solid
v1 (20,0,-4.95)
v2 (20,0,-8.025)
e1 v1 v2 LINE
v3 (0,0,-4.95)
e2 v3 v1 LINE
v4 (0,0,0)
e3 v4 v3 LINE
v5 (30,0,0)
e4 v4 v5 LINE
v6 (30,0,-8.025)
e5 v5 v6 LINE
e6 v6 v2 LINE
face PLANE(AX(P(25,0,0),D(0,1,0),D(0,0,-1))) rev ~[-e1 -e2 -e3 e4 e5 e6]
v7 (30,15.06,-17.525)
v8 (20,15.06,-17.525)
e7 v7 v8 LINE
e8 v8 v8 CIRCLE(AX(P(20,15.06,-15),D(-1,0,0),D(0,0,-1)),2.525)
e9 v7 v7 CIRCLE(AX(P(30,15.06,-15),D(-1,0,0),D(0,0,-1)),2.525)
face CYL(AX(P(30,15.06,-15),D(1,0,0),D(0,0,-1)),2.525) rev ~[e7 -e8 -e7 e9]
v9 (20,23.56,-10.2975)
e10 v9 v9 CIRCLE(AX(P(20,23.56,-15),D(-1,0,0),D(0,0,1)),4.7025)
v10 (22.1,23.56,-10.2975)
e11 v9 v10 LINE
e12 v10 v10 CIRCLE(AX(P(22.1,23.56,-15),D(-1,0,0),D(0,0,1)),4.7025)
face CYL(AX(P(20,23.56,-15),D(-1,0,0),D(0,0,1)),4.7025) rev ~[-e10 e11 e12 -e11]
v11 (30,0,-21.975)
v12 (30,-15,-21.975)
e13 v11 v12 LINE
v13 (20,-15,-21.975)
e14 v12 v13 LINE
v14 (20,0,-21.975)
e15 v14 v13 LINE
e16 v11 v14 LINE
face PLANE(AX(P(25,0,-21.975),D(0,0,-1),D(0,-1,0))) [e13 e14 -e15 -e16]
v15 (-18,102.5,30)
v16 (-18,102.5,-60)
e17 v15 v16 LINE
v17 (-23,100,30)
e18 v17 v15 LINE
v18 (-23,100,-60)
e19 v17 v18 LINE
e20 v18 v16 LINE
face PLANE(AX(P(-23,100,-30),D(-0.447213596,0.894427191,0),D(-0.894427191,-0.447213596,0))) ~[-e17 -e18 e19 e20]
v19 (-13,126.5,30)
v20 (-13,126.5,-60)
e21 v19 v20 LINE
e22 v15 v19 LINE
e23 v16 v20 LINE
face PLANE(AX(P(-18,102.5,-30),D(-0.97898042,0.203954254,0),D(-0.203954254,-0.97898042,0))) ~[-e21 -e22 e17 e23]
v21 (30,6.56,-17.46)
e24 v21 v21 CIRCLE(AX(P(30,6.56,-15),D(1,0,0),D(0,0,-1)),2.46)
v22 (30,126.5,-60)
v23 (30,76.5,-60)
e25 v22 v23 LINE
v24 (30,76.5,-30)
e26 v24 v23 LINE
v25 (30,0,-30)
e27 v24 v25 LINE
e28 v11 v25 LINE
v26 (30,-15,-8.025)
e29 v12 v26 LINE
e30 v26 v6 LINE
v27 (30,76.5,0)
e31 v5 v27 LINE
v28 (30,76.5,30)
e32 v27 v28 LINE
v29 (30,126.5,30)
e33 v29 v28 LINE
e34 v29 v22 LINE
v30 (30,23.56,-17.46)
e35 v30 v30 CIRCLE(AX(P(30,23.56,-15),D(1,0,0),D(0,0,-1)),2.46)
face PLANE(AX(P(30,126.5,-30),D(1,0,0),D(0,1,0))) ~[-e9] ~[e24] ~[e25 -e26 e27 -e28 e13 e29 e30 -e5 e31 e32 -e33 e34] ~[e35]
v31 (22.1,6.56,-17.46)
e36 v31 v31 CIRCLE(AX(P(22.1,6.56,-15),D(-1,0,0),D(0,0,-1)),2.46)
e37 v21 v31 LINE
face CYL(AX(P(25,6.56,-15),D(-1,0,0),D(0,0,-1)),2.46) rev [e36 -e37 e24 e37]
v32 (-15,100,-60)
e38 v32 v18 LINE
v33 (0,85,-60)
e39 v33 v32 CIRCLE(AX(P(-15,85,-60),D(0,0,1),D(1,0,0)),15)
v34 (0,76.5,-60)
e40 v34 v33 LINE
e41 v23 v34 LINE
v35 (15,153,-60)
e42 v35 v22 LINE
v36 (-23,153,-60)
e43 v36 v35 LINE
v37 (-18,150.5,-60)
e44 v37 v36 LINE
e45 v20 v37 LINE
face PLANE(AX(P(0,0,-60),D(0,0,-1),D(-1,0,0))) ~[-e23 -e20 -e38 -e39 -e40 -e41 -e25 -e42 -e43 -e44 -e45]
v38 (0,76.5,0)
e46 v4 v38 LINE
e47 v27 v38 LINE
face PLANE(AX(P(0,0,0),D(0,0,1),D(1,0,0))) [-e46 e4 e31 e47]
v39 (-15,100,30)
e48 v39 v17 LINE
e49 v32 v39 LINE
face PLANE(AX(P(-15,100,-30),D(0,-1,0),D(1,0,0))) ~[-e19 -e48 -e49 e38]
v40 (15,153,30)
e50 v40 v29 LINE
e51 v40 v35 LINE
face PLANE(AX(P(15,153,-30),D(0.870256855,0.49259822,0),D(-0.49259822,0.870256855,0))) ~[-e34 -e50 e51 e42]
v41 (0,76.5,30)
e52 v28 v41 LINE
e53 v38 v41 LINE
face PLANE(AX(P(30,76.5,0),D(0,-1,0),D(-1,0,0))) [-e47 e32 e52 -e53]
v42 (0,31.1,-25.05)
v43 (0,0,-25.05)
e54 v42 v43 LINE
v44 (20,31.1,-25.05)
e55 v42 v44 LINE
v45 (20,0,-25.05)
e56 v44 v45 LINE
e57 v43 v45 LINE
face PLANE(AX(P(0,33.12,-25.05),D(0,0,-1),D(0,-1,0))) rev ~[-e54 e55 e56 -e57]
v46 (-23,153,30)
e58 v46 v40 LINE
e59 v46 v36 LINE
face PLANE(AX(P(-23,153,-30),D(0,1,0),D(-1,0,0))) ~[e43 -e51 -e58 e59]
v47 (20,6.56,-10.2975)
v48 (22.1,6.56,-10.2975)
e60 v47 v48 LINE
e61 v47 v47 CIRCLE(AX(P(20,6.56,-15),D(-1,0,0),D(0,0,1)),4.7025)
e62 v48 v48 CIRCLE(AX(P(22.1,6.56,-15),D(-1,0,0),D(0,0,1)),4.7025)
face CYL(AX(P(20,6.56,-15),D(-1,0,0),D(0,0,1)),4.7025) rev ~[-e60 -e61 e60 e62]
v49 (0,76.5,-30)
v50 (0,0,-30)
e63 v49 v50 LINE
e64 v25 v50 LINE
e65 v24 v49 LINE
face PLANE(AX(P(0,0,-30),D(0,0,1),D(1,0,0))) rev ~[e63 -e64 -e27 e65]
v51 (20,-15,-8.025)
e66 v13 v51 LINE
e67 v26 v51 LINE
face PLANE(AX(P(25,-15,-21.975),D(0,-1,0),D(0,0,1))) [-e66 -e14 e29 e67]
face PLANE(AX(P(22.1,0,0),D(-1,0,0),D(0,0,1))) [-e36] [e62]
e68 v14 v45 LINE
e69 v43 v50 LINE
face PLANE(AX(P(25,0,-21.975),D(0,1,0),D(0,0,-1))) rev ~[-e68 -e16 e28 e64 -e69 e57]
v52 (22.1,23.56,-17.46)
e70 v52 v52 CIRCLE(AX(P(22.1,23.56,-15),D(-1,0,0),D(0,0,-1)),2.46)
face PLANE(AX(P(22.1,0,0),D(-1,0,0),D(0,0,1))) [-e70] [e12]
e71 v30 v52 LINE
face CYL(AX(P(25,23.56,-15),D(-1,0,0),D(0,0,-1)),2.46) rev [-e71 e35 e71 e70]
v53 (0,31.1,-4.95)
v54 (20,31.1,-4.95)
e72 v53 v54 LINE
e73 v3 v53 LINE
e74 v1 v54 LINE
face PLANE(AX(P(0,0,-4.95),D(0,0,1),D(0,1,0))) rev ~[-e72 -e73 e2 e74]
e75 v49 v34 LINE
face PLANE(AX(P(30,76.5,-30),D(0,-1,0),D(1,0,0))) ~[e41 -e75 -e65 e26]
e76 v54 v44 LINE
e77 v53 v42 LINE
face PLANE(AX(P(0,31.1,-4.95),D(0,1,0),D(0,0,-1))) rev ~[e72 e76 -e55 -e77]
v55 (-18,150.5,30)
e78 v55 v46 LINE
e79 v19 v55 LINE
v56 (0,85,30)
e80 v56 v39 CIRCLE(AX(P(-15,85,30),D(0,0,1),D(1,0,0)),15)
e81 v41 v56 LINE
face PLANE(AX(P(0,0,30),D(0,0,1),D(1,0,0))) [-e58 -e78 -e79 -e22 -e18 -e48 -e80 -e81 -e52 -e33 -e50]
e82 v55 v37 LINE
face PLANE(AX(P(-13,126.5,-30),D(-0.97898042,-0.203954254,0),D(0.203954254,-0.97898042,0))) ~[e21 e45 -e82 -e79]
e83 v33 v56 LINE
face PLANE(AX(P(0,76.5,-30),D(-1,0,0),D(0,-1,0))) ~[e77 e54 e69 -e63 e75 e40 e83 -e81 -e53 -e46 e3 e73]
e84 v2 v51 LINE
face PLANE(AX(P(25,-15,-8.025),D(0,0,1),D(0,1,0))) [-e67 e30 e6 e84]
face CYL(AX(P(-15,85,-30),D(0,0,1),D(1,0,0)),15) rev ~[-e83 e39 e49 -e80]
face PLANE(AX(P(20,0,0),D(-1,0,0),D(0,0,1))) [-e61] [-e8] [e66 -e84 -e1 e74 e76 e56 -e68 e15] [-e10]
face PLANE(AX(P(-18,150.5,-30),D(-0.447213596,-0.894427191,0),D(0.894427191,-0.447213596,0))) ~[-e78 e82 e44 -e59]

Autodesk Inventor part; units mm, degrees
ref_plane "YZ Plane" through (0, 0, 0) normal (1, 0, 0) x (0, 1, 0)
ref_plane "XZ Plane" through (0, 0, 0) normal (0, 1, 0) x (-1, 0, 0)
sketch "Sketch1" plane through (0, 0, 0) normal (0, 0, 1) x (1, 0, 0)
  line L0 (0, 0) -> (25, 0)
  line L1 (25, 0) -> (25, 40)
  line L2 (25, 40) -> (0, 40)
  line L3 (0, 40) -> (0, 0)
  dimension "d1" = 25
  dimension "d2" = 40
  dimension "d3" = 25
extrude "Extrusion1" add sketch "Sketch1" against normal blind 30
sketch "Sketch2" plane through (25, 0, 0) normal (1, 0, 0) x (0, 0, -1)
  line L0 (0, 0) -> (30, 0) projected
  circle A0 centre (15, 6.56) radius 2.46
extrude "Extrusion2" cut sketch "Sketch2" against normal blind 30
sketch "Sketch3" plane through (0, 0, 0) normal (-1, 0, 0) x (0, 0, 1)
  line L0 (0, 0) -> (-30, 0) projected
  line L1 (-25.05, 0) -> (-4.95, 0)
  line L2 (-4.95, 0) -> (-4.95, 33.12)
  line L3 (-4.95, 33.12) -> (-25.05, 33.12)
  line L4 (-25.05, 33.12) -> (-25.05, 0)
  dimension "d11" = 20.1
extrude "Extrusion3" cut sketch "Sketch3" against normal blind 20
sketch "Sketch4" plane through (0, 0, 0) normal (0, -1, 0) x (1, 0, 0)
  line L0 (20, -4.95) -> (20, -25.05) projected
  line L1 (20, -15) -> (25, -15)
  line L2 (25, 0) -> (25, -30) projected
  line L3 (20, -8.025) -> (25, -8.025)
  line L4 (25, -8.025) -> (25, -21.975)
  line L5 (25, -21.975) -> (20, -21.975)
  line L6 (20, -21.975) -> (20, -8.025)
  line L7 (20, -8.025) -> (25, -21.975) construction
  line L8 (25, -8.025) -> (20, -21.975) construction
  line L9 (25, -12.54) -> (25, -17.46) projected
  point P0 (0, 0)
  point P1 (22.5, -15)
  dimension "d14" = 13.95
extrude "Extrusion4" add sketch "Sketch4" along normal blind 15
sketch "Sketch5" plane through (20, 0, 0) normal (-1, 0, 0) x (0, 0, 1)
  circle A0 centre (-15, 6.56) radius 2.46 projected
  circle A1 centre (-15, 6.56) radius 4.7025
  circle A2 centre (-15, 6.56) radius 2.46 projected
  circle A3 centre (-15, 6.56) radius 2.46
  point P0 (0, 0)
  dimension "d17" = 9.405
extrude "Extrusion5" cut sketch "Sketch5" against normal blind 2.1
sketch "Sketch6" plane through (25, 0, 0) normal (1, 0, 0) x (0, 0, -1)
  circle A0 centre (15, 6.56) radius 4.7025 projected
  line L0 (15, 6.56) -> (15, 23.56)
  circle A1 centre (15, 23.56) radius 2.46
  point P0 (0, 0)
  dimension "d20" = 17
  dimension "d21" = 4.92
extrude "Extrusion6" cut sketch "Sketch6" against normal blind 10 contours A1
sketch "Sketch7" plane through (20, 0, 0) normal (-1, 0, 0) x (0, 0, 1)
  circle A0 centre (-15, 23.56) radius 2.46 projected
  circle A1 centre (-15, 23.56) radius 4.7025
  point P0 (0, 0)
  dimension "d24" = 9.405
extrude "Extrusion7" cut sketch "Sketch7" against normal blind 2.1
sketch "Sketch9" plane through (25, 0, 0) normal (1, 0, 0) x (0, 0, -1)
  circle A0 centre (15, 6.56) radius 2.46 projected
  circle A1 centre (15, 6.56) radius 2.46
  circle A2 centre (15, 23.56) radius 2.46 projected
  circle A3 centre (15, 23.56) radius 2.46
  line L0 (30, 40) -> (30, 0) projected
  line L1 (30, 0) -> (30, 40)
  line L2 (30, 40) -> (0, 40)
  line L3 (0, 40) -> (0, 0)
  line L4 (0, 0) -> (8.025, 0) projected
  line L5 (21.975, 0) -> (21.975, -15)
  line L6 (21.975, -15) -> (8.025, -15)
  line L7 (8.025, -15) -> (8.025, 0)
  line L8 (0, 0) -> (8.025, 0)
  line L9 (21.975, 0) -> (30, 0)
extrude "Extrusion8" add sketch "Sketch9" along normal blind 5
sketch "Sketch10" plane through (0, 40, 0) normal (0, 1, 0) x (1, 0, 0)
  line L0 (0, 30) -> (30, 30) projected
  line L1 (30, 0) -> (0, 0) projected
  line L2 (0, 30) -> (30, 30)
  line L3 (30, 30) -> (30, 0)
  line L4 (30, 0) -> (0, 0)
  line L5 (0, 0) -> (0, 30)
extrude "Extrusion9" add sketch "Sketch10" along normal blind 30
sketch "Sketch12" plane through (30, 0, 0) normal (1, 0, 0) x (0, 0, -1)
  circle A0 centre (15, 6.56) radius 2.46 projected
  line L0 (15, 6.56) -> (15, 15.06)
  circle A1 centre (15, 15.06) radius 2.525
  point P0 (0, 0)
  dimension "d31" = 8.5
  dimension "d33" = 5.05
extrude "Extrusion10" cut sketch "Sketch12" against normal blind 30 contours A1
sketch "Sketch14" plane through (0, 0, 0) normal (0, 0, 1) x (1, 0, 0)
  line L0 (30, 70) -> (0, 70) projected
  line L1 (0, 70) -> (0, 85)
  line L2 (-15, 100) -> (-23, 100)
  line L3 (30, 0) -> (30, 70) projected
  line L4 (30, 122.5) -> (30, 70)
  arc A0 (0, 85) -> (-15, 100) centre (-15, 85) ccw
  line L5 (30, 105) -> (30, 100)
  line L6 (-23, 153) -> (15, 153)
  line L7 (-18, 150.5) -> (-23, 153)
  line L8 (-18, 102.5) -> (-23, 100)
  line L9 (-18, 102.5) -> (-13, 126.5)
  line L10 (-13, 126.5) -> (-18, 150.5)
  line L11 (30, 126.5) -> (15, 153)
  line L12 (30, 122.5) -> (30, 126.5)
  point P0 (0, 0)
  point P1 (0, 100)
  dimension "d47" = 30
  dimension "d54" = 15
extrude "Extrusion12" add sketch "Sketch14" against normal blind 30
sketch "Sketch15" plane through (0, 0, -25.05) normal (-1, 0, 0) x (0, 0, 1)
  line L0 (0, 33.12) -> (20.1, 33.12) projected
  line L1 (20.1, 33.12) -> (20.1, 0) projected
  line L2 (0, 33.12) -> (20.1, 33.12)
  line L3 (20.1, 33.12) -> (20.1, 31.1)
  line L4 (20.1, 31.1) -> (0, 31.1)
  line L5 (0, 31.1) -> (0, 33.12)
  point P0 (25.05, 0)
  dimension "d57" = 2.02
extrude "Extrusion13" add sketch "Sketch15" against normal blind 20
sketch "Sketch25" plane through (0, 0, 0) normal (0, 0, 1) x (1, 0, 0)
  line L0 (-15, 100) -> (-23, 100) projected
  line L1 (-15, 100) -> (-23, 100)
  line L2 (-23, 100) -> (-18, 102.5) projected
  line L3 (-23, 100) -> (-18, 102.5)
  line L4 (-18, 102.5) -> (-13, 126.5) projected
  line L5 (-18, 102.5) -> (-13, 126.5)
  line L6 (-13, 126.5) -> (-18, 150.5) projected
  line L7 (-13, 126.5) -> (-18, 150.5)
  line L8 (-18, 150.5) -> (-23, 153) projected
  line L9 (-18, 150.5) -> (-23, 153)
  line L10 (-23, 153) -> (15, 153) projected
  line L11 (-23, 153) -> (15, 153)
  line L12 (15, 153) -> (30, 126.5) projected
  line L13 (15, 153) -> (30, 126.5)
  line L14 (30, 126.5) -> (30, 76.5)
  line L15 (30, 0) -> (30, 126.5) projected
  line L16 (30, 76.5) -> (0, 76.5)
  arc A0 (0, 85) -> (-15, 100) centre (-15, 85) ccw projected
  line L17 (0, 76.5) -> (0, 85)
  line L18 (0, 85) -> (0, 0) projected
  arc A1 (0, 85) -> (-15, 100) centre (-15, 85) ccw
  dimension "d90" = 50
extrude "Extrusion14" add sketch "Sketch25" along normal blind 30
ref_plane "Work Plane1" through (0, 0, -15) normal (0, 0, 1) x (1, 0, 0)
mirror "Mirror1" about plane through (0, 0, -15) normal (0, 0, 1) of "Extrusion14"
properties part number "rec_a_48mm_x_90mm"
